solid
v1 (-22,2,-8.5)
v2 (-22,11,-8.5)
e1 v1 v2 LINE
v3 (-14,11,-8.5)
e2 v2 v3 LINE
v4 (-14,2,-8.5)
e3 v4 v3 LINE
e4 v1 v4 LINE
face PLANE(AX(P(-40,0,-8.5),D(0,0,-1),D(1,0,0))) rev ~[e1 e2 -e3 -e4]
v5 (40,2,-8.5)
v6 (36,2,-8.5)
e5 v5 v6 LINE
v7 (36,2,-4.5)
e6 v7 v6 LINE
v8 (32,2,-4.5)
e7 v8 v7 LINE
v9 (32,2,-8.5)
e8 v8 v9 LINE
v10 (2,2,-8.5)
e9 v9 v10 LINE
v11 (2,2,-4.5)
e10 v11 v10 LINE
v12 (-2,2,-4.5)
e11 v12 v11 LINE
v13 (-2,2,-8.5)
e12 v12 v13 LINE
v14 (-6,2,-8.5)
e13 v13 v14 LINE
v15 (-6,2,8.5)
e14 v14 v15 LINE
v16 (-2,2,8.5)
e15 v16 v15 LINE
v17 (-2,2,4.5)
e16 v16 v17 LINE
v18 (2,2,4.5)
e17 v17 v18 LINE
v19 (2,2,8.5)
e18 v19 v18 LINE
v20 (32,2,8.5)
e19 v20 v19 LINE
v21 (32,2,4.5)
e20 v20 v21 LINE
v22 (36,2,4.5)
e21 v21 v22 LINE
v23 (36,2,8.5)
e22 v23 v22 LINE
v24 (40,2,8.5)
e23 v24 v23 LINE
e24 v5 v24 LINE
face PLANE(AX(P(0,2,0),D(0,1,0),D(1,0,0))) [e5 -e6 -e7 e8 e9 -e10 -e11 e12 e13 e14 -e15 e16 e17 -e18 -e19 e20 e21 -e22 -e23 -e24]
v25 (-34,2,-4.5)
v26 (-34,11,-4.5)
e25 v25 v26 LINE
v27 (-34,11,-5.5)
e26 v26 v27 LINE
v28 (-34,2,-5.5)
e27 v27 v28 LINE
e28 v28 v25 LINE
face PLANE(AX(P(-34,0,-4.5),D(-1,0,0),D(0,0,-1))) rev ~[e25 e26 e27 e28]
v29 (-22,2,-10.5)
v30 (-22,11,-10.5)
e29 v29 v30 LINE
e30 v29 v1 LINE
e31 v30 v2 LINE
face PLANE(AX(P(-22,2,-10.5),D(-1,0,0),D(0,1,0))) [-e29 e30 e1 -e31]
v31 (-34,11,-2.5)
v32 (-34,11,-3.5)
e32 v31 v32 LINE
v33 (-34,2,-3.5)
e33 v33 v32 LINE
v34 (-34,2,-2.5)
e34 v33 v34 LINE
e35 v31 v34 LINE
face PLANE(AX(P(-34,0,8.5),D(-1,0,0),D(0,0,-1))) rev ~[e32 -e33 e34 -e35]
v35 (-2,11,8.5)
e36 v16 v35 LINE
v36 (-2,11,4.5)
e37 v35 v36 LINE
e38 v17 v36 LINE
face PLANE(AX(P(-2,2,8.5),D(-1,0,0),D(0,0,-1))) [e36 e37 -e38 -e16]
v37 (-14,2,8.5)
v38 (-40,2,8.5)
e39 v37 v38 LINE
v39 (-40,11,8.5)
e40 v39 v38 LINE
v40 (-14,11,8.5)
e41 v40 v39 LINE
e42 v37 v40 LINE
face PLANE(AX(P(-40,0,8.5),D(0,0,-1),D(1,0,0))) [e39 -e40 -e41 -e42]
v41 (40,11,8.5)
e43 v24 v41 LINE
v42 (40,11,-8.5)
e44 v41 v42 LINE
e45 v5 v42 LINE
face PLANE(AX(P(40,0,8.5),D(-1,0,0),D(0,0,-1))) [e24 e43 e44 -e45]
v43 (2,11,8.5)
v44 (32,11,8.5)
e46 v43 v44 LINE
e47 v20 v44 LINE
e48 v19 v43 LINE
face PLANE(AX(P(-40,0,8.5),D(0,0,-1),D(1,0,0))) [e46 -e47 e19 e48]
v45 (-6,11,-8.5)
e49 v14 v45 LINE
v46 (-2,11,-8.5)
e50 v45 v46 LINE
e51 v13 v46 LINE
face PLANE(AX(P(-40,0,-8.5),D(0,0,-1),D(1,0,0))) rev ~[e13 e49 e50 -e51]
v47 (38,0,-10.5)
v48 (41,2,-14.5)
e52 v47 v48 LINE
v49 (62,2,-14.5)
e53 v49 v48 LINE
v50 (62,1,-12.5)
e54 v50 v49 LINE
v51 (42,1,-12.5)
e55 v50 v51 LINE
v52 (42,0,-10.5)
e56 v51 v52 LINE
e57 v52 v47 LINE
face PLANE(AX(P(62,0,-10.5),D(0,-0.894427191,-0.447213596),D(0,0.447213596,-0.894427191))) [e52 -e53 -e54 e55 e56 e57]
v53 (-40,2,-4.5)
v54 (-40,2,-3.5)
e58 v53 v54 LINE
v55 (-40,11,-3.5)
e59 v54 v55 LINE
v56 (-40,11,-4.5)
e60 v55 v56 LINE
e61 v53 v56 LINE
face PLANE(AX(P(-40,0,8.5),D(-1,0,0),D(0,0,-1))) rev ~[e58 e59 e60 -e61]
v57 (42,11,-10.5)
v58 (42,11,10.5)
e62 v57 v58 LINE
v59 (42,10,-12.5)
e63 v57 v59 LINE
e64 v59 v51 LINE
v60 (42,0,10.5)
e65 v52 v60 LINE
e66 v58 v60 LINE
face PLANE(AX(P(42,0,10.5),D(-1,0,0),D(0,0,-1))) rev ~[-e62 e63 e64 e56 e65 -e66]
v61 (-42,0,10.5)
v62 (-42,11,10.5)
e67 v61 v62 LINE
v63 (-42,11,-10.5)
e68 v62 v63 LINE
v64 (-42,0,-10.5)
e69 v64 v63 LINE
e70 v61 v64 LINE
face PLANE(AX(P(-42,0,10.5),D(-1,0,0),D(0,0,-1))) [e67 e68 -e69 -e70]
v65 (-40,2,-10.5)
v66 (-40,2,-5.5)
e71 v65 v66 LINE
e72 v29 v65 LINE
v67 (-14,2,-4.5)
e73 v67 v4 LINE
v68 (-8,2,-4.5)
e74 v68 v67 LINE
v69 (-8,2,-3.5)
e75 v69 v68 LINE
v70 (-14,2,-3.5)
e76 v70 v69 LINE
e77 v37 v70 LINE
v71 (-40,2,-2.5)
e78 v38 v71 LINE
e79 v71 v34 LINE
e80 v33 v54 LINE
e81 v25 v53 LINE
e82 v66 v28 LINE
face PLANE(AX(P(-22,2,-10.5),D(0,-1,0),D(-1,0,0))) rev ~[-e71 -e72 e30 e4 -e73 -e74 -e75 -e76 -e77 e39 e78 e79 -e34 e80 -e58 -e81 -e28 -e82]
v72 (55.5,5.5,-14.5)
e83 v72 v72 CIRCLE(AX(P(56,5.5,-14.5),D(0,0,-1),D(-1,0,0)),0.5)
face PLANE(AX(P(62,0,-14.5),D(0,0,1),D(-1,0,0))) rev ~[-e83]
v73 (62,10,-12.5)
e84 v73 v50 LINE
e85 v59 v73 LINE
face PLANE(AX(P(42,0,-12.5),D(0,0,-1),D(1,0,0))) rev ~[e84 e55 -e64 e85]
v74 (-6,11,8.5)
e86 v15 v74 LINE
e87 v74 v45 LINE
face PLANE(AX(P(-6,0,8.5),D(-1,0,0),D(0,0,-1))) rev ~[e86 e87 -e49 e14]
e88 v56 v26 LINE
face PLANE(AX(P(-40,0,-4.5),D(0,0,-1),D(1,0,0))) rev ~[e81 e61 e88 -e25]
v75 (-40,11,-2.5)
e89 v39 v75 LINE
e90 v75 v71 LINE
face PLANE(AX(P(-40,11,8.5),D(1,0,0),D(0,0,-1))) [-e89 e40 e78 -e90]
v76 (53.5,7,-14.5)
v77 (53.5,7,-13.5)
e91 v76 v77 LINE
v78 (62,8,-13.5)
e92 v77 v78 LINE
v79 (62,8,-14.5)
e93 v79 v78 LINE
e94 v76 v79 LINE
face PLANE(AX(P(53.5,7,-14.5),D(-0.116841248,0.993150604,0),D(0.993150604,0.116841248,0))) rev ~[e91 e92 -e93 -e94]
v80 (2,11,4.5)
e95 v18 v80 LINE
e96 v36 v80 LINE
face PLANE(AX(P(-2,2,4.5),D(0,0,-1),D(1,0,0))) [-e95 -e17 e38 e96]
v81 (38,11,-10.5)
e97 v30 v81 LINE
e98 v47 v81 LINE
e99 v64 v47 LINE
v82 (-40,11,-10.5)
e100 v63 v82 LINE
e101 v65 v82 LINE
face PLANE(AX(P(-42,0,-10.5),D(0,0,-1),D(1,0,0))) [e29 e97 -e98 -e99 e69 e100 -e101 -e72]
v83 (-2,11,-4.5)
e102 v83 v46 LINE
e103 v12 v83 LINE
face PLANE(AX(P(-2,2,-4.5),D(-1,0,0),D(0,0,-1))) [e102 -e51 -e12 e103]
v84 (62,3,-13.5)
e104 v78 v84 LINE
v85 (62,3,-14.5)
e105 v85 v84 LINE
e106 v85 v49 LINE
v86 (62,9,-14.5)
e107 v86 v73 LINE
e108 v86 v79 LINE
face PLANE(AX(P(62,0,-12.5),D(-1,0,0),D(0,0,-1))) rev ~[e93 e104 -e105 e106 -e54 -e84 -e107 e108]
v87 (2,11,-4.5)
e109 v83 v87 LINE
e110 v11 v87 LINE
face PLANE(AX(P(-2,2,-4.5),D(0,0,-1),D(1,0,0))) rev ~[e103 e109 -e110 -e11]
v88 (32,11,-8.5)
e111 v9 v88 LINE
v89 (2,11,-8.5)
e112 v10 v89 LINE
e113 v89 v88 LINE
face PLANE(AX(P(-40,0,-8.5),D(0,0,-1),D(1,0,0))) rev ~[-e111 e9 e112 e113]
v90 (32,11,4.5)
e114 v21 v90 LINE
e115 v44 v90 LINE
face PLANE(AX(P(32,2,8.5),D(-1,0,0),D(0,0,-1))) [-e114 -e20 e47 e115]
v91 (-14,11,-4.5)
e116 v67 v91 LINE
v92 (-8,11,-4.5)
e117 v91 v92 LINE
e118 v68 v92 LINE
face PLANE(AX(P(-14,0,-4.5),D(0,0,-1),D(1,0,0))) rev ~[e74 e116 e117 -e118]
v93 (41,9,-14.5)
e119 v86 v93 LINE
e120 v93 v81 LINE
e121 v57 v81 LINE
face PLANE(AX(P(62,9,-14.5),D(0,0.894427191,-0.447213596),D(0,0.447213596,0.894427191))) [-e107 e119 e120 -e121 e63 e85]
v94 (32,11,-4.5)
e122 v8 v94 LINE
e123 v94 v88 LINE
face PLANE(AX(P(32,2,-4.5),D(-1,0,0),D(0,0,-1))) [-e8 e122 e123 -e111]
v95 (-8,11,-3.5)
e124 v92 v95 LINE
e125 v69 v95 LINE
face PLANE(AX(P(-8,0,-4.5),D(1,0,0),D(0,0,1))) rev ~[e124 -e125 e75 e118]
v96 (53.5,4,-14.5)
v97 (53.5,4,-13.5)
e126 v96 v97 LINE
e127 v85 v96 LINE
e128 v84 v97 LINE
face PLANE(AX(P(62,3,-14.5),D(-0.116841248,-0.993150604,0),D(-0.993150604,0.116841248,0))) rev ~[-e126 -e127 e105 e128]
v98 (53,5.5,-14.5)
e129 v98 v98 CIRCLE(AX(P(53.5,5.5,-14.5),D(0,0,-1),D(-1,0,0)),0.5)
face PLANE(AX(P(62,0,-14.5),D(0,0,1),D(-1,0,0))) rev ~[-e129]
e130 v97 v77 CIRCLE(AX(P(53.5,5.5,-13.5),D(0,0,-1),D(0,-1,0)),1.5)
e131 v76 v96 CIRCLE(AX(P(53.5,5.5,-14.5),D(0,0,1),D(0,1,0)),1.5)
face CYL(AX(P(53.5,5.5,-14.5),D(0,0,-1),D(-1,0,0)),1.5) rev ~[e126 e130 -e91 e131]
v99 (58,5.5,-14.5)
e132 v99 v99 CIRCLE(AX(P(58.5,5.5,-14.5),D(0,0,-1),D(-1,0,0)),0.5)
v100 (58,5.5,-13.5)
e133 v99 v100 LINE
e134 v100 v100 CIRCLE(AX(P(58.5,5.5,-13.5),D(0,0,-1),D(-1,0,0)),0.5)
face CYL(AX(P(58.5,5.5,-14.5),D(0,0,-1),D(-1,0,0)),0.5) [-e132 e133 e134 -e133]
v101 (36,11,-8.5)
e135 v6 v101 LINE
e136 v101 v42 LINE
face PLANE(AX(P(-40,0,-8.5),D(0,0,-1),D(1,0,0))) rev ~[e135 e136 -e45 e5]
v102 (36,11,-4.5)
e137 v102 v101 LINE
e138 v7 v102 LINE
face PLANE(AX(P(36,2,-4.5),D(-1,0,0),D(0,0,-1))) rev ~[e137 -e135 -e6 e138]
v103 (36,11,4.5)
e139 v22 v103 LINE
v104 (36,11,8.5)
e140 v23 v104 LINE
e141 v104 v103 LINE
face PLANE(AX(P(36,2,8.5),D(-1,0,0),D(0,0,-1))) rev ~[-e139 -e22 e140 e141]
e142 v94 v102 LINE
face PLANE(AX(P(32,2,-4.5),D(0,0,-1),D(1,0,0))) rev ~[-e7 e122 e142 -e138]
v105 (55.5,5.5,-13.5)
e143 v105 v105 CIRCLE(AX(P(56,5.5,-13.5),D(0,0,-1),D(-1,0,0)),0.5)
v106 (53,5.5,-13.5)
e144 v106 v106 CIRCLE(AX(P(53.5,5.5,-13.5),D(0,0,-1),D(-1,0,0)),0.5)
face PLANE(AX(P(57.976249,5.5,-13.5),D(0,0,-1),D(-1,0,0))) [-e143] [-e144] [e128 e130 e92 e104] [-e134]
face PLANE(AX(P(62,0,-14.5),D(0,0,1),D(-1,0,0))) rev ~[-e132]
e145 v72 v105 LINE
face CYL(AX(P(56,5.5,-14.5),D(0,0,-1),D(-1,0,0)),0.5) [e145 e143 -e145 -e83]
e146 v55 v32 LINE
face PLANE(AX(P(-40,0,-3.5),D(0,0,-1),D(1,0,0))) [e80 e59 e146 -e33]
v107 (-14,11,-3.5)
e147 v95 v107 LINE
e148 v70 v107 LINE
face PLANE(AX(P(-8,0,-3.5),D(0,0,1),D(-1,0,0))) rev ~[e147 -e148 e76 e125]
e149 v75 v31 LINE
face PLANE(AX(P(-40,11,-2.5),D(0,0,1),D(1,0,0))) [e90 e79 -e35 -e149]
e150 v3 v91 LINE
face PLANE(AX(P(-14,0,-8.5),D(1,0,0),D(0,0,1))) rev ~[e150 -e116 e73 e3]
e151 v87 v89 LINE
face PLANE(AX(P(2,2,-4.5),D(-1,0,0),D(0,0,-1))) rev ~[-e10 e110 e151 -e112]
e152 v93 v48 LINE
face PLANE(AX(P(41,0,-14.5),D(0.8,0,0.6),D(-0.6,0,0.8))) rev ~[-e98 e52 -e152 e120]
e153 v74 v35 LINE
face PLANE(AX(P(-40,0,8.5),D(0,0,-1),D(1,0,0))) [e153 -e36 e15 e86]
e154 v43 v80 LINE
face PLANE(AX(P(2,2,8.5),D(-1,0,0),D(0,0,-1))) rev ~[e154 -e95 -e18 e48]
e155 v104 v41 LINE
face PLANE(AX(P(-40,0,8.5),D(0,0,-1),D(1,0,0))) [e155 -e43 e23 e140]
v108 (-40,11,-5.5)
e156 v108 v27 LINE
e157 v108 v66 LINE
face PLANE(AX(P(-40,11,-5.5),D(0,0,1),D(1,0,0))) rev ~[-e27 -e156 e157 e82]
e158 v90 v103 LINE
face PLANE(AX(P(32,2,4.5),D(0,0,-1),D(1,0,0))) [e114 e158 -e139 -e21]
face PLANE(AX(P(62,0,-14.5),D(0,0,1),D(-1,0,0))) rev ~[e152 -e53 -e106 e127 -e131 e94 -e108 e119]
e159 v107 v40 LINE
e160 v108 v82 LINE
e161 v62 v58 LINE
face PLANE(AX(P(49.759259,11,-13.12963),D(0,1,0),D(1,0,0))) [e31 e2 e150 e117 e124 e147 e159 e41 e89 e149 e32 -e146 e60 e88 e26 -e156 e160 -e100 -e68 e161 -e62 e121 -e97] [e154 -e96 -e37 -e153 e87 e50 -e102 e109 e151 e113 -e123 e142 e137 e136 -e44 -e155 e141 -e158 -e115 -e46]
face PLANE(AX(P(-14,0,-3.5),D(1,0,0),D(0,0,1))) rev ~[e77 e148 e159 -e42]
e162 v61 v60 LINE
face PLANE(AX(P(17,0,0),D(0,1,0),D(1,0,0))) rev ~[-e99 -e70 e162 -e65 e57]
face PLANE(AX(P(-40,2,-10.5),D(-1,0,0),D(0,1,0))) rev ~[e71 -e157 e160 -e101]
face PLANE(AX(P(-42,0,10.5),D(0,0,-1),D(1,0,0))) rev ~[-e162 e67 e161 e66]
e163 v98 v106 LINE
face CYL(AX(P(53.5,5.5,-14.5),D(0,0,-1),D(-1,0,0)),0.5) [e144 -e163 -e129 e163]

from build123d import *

# Parameters (mm, degrees)
BOSS_EXTRUDE1_DEPTH = 2
SKETCH1_4_W         = 46
SKETCH1_4_H         = 17
BOSS_EXTRUDE2_DEPTH = 11
SKETCH2_W           = 6
SKETCH2_H           = 3
SKETCH2_H_2         = 11
CUT_EXTRUDE1_DEPTH  = 9
SKETCH3_W           = 18
SKETCH3_H           = 9
CUT_EXTRUDE2_DEPTH  = 2
SKETCH4_W           = 4
SKETCH4_H           = 4
BOSS_EXTRUDE3_DEPTH = 9
SKETCH5_R           = 0.5
CUT_EXTRUDE3_DEPTH  = 1
CUT_EXTRUDE4_DEPTH  = 24


with BuildPart() as part:
    # Sketch1 → Boss-Extrude1 (new body)
    with BuildSketch(Plane(origin=(0, 0, 0), x_dir=(1, 0, 0), z_dir=(0, 1, 0))):
        Polygon((-42, 10.5), (-42, -10.5), (42, -10.5), (42, 12.5), (62, 12.5), (62, 14.5), (41, 14.5), (38, 10.5), align=None)
    extrude(amount=BOSS_EXTRUDE1_DEPTH)

    # Sketch1<4> → Boss-Extrude2 (add)
    with BuildSketch(Plane(origin=(0, 0, 0), x_dir=(1, 0, 0), z_dir=(0, 1, 0))):
        Polygon((-42, 10.5), (-42, -10.5), (42, -10.5), (42, 12.5), (62, 12.5), (62, 14.5), (41, 14.5), (38, 10.5), align=None)
        Polygon((-14, 3.5), (-14, -8.5), (-34, -8.5), (-34, 3.5), (-40, 3.5), (-40, 4.5), (-34, 4.5), (-34, 8.5), (-14, 8.5), (-14, 4.5), (-8, 4.5), (-8, 3.5), align=None, mode=Mode.SUBTRACT)
        with Locations((17, 0)):
            Rectangle(SKETCH1_4_W, SKETCH1_4_H, mode=Mode.SUBTRACT)
    extrude(amount=BOSS_EXTRUDE2_DEPTH)

    # Sketch2 → Cut-Extrude1 (cut)
    with BuildSketch(Plane(origin=(0, 11, 0), x_dir=(1, 0, 0), z_dir=(0, 1, 0))):
        with Locations((-37, 7)):
            Rectangle(SKETCH2_W, SKETCH2_H)
        with Locations((-37, -3)):
            Rectangle(SKETCH2_W, SKETCH2_H_2)
    extrude(amount=-CUT_EXTRUDE1_DEPTH, mode=Mode.SUBTRACT)

    # Sketch3 → Cut-Extrude2 (cut)
    with BuildSketch(Plane(origin=(0, 0, -10.5), x_dir=(-1, 0, 0), z_dir=(0, 0, -1))):
        with Locations((31, 6.5)):
            Rectangle(SKETCH3_W, SKETCH3_H)
    extrude(amount=-CUT_EXTRUDE2_DEPTH, mode=Mode.SUBTRACT)

    # Sketch4 → Boss-Extrude3 (add)
    with BuildSketch(Plane(origin=(0, 2, 0), x_dir=(1, 0, 0), z_dir=(0, 1, 0))):
        with Locations((0, 6.5)):
            Rectangle(SKETCH4_W, SKETCH4_H)
        with Locations((0, -6.5)):
            Rectangle(SKETCH4_W, SKETCH4_H)
        with Locations((34, 6.5)):
            Rectangle(SKETCH4_W, SKETCH4_H)
        with Locations((34, -6.5)):
            Rectangle(SKETCH4_W, SKETCH4_H)
    extrude(amount=BOSS_EXTRUDE3_DEPTH)

    # Sketch5 → Cut-Extrude3 (cut)
    with BuildSketch(Plane(origin=(0, 0, -14.5), x_dir=(-1, 0, 0), z_dir=(0, 0, -1))):
        with BuildLine():
            Line((-62, 8), (-62, 3))
            Line((-62, 3), (-53.5, 4))
            ThreePointArc((-53.5, 4), (-52, 5.5), (-53.5, 7))
            Line((-53.5, 7), (-62, 8))
        make_face()
        with Locations((-58.5, 5.5)):
            Circle(SKETCH5_R, mode=Mode.SUBTRACT)
        with Locations((-56, 5.5)):
            Circle(SKETCH5_R, mode=Mode.SUBTRACT)
        with Locations((-53.5, 5.5)):
            Circle(SKETCH5_R, mode=Mode.SUBTRACT)
    extrude(amount=-CUT_EXTRUDE3_DEPTH, mode=Mode.SUBTRACT)

    # Sketch6 → Cut-Extrude4 (cut)
    with BuildSketch(Plane(origin=(62, 0, 0), x_dir=(0, 0, -1), z_dir=(1, 0, 0))):
        Polygon((10.5, 11), (14.5, 11), (14.5, 9), align=None)
        Polygon((10.5, 0), (14.5, 2), (14.5, 0), align=None)
    extrude(amount=-CUT_EXTRUDE4_DEPTH, mode=Mode.SUBTRACT)


solid = part.part
